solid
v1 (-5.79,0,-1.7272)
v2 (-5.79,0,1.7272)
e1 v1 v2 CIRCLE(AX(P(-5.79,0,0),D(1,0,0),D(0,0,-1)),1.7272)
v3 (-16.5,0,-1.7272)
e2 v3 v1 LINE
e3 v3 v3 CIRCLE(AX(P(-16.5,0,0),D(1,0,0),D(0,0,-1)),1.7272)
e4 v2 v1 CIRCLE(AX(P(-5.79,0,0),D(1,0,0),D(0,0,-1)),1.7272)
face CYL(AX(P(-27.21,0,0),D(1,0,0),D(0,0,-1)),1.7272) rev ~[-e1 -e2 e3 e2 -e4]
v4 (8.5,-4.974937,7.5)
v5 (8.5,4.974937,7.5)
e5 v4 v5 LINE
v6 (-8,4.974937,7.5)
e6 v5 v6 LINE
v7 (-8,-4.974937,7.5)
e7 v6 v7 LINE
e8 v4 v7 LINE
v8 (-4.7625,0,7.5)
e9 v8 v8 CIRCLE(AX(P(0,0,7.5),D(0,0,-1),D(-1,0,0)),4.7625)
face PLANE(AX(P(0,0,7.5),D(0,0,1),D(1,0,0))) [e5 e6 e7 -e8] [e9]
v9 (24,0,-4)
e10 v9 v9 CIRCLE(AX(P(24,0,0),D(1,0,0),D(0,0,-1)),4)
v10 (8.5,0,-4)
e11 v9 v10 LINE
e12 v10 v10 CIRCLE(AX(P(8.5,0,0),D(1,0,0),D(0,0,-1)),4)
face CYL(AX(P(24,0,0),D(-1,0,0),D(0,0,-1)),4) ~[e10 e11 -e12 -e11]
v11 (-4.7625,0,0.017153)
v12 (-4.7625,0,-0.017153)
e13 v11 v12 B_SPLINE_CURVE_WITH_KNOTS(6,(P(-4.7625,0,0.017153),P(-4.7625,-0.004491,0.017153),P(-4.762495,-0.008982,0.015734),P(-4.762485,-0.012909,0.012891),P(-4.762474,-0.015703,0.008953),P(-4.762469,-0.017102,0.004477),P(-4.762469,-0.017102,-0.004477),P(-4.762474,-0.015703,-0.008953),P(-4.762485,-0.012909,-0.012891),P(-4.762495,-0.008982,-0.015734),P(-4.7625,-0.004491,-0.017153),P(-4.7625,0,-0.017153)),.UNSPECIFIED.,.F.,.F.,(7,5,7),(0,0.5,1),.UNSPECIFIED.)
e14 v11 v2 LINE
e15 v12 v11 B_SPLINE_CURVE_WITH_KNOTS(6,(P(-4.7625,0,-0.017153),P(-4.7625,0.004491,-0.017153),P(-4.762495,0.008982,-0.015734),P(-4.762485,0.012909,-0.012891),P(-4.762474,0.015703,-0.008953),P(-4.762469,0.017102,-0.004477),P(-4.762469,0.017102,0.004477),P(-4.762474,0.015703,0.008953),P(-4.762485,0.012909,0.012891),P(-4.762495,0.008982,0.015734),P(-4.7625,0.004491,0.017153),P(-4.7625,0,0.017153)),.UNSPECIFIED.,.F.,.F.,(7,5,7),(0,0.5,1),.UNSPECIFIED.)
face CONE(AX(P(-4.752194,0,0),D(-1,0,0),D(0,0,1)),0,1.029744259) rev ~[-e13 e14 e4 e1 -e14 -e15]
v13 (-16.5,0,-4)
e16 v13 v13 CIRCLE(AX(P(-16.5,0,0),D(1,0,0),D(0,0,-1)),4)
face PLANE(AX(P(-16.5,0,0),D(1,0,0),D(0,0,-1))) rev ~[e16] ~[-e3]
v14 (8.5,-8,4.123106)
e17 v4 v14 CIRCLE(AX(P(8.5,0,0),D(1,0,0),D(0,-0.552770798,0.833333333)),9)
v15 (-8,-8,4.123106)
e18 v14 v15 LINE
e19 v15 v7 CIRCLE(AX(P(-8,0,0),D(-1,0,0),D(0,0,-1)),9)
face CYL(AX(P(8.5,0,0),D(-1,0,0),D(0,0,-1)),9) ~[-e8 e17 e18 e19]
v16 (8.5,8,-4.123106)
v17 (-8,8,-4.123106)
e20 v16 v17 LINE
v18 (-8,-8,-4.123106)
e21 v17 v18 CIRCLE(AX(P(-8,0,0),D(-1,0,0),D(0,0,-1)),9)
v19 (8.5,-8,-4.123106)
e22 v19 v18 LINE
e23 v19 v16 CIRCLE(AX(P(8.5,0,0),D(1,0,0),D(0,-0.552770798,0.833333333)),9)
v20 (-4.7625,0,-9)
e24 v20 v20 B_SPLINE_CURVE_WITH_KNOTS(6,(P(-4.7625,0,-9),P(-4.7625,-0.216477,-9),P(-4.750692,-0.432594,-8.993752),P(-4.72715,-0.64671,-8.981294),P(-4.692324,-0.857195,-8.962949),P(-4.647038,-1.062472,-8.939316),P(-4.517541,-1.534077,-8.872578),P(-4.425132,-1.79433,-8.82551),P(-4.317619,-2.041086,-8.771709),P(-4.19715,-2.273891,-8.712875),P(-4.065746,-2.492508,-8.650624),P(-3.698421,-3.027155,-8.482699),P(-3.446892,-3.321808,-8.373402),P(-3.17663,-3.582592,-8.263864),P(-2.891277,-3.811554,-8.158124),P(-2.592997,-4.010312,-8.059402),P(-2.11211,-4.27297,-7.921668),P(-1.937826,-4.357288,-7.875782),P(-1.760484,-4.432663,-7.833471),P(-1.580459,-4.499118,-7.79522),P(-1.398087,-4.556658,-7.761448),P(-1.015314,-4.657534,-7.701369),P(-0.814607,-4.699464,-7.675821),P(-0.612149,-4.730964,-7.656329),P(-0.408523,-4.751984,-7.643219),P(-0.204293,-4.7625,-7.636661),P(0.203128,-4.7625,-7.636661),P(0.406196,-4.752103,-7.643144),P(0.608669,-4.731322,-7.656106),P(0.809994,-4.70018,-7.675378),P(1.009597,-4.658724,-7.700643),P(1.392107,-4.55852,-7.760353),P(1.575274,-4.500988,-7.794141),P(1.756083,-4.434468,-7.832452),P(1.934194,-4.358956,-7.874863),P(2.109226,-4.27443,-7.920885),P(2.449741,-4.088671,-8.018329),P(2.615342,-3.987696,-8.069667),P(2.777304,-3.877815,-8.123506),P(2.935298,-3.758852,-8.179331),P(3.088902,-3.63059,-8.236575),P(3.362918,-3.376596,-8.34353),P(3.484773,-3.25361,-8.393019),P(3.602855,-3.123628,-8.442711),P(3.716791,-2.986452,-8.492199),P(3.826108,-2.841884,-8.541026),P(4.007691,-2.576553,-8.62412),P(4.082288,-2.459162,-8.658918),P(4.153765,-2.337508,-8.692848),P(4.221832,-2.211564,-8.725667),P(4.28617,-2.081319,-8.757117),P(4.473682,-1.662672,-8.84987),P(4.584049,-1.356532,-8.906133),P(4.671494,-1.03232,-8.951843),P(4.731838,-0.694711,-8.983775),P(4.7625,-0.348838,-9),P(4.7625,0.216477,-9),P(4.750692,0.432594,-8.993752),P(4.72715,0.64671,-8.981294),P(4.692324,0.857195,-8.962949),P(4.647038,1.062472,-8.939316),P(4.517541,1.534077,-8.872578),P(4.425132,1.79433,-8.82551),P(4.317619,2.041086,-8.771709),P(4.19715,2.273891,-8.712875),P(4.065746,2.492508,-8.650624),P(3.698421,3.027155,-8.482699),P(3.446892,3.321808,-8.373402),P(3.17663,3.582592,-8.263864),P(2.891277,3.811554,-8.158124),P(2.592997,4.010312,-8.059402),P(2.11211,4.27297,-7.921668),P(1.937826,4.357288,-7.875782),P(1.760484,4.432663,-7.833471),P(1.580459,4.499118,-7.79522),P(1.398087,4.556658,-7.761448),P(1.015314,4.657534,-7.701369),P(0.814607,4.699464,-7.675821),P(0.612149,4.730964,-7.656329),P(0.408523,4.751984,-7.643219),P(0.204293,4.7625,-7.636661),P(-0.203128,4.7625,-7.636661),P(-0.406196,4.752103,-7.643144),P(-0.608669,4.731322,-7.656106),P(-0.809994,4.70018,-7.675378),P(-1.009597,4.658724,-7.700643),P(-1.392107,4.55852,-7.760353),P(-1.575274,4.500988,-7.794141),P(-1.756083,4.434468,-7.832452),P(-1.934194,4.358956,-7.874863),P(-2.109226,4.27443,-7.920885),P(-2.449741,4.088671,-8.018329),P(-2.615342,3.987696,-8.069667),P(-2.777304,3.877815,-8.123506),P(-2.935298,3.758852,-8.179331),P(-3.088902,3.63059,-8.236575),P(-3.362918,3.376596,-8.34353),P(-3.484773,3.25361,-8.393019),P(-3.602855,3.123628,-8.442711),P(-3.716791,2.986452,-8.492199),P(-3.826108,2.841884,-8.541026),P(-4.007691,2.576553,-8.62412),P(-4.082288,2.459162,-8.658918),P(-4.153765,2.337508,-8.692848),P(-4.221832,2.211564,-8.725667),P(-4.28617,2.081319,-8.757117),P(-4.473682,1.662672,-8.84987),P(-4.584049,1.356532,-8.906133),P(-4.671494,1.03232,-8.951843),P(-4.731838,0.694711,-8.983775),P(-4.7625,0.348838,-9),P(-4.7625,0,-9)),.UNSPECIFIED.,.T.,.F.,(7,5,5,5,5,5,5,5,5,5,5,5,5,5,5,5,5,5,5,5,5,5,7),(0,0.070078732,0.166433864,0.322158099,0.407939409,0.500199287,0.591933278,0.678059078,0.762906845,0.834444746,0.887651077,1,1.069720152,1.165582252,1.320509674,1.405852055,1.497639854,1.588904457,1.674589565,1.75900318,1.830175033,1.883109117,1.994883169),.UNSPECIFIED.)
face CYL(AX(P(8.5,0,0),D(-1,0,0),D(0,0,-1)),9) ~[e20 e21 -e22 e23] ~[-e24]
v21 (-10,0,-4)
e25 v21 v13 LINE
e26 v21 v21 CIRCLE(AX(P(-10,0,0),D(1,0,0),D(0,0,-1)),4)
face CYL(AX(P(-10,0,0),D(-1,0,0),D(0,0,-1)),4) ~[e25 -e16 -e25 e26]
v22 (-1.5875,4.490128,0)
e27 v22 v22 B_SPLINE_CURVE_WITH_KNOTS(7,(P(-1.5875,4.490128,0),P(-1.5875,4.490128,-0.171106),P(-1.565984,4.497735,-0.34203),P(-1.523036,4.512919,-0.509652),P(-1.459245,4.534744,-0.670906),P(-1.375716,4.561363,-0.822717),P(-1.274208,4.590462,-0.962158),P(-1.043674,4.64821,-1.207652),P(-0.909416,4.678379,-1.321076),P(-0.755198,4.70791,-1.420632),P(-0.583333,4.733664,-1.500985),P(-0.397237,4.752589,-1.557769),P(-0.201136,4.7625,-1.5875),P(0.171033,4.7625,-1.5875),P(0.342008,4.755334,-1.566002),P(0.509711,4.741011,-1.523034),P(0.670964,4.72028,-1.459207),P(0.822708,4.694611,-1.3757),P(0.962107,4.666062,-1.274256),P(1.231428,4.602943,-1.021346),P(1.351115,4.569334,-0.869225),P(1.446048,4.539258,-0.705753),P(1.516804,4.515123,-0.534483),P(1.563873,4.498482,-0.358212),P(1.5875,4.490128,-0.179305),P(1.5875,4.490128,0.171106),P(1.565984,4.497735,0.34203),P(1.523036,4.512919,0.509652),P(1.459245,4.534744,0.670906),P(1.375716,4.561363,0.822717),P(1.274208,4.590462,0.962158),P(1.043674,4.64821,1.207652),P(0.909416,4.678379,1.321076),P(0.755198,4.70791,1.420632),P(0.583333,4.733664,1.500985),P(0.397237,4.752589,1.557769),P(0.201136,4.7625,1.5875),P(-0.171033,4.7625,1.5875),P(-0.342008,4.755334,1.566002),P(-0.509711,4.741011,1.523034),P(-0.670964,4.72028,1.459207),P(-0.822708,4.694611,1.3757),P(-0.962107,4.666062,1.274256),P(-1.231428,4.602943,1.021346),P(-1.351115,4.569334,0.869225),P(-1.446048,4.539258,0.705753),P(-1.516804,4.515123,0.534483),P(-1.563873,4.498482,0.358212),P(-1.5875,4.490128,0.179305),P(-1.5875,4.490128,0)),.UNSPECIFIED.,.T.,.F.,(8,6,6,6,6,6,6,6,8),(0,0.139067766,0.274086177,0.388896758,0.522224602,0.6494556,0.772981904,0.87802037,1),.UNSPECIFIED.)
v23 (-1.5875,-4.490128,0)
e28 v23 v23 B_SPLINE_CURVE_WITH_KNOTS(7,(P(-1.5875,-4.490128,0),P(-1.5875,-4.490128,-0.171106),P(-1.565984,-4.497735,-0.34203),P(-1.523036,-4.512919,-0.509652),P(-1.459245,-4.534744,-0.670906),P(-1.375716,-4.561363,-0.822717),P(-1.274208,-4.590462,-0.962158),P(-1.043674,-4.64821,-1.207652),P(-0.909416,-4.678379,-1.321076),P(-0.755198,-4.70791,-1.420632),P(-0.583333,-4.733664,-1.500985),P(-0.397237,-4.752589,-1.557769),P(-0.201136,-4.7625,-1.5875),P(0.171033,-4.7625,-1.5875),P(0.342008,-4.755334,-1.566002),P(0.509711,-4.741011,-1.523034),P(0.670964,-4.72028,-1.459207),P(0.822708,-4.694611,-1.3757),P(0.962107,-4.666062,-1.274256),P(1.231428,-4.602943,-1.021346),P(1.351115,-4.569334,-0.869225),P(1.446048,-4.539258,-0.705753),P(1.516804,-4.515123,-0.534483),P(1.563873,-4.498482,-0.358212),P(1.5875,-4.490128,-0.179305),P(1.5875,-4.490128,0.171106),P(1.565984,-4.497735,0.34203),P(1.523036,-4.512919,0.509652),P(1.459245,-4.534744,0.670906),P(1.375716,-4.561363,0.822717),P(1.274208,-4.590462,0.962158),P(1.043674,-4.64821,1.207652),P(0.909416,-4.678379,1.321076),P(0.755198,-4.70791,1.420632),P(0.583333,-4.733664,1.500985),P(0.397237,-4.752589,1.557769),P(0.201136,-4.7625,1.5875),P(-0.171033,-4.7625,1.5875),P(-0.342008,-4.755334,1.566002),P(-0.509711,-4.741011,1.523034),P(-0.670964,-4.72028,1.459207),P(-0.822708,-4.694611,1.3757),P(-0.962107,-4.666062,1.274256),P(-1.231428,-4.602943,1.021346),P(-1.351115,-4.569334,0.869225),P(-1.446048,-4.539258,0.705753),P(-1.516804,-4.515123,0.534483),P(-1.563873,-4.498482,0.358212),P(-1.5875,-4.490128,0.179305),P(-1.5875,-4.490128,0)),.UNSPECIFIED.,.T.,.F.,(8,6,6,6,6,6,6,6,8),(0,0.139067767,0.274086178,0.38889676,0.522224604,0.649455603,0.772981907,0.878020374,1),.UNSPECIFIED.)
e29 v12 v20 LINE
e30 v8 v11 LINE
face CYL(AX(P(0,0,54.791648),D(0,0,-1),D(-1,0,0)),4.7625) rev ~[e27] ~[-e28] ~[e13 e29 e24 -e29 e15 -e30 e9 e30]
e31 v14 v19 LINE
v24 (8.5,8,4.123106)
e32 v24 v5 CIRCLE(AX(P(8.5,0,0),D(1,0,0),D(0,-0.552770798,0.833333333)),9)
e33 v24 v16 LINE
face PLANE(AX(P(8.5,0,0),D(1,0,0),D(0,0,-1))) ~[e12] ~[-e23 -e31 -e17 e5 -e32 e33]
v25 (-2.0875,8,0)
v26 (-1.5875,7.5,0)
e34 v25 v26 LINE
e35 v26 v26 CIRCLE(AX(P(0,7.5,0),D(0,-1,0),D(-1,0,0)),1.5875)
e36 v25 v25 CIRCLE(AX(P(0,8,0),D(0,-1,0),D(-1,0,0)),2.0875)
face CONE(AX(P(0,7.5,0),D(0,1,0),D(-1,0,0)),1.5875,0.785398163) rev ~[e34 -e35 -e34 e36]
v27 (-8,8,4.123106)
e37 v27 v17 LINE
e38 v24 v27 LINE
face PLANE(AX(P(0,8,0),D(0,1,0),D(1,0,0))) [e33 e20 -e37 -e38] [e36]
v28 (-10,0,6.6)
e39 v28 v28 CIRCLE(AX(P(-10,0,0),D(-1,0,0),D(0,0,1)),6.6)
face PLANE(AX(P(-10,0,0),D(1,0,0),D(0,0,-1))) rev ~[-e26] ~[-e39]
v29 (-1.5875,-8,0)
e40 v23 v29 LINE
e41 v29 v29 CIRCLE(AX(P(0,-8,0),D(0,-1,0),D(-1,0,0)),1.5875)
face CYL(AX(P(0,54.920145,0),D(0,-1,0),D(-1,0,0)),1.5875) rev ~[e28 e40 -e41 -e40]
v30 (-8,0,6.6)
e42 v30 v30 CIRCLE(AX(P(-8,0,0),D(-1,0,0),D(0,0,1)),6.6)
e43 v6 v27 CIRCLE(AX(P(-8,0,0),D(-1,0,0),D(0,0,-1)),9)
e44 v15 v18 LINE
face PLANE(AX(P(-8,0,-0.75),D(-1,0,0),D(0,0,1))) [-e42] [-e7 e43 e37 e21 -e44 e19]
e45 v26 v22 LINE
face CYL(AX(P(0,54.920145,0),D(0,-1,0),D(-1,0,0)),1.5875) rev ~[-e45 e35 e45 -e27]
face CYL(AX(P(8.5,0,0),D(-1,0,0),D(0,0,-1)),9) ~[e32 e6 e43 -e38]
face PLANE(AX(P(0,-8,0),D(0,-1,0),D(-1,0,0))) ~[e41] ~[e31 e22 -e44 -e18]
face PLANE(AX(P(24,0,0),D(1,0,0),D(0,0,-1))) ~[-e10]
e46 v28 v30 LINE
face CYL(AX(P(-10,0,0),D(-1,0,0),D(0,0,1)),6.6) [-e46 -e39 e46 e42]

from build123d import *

# Parameters (mm, degrees)
SKETCH2_W                  = 20
SKETCH2_H                  = 12.7
CUT_EXTRUDE1_DEPTH         = 1.5
F_8_32_TAPPED_HOLE1_D      = 3.4544
F_8_32_TAPPED_HOLE1_DEPTH  = 10.71
F_8_32_TAPPED_HOLE1_TIP    = 1.037806461
SKETCH7_OUTSIDE_W          = 27.958
SKETCH7_OUTSIDE_H          = 29.458
SKETCH7_OUTSIDE_R          = 6.6
CUT_EXTRUDE2_DEPTH         = 2
F_3_8_0_3750_DOWEL_HOLE2_D = 9.525
CUT_EXTRUDE4_START         = 9
SKETCH11_W                 = 18
SKETCH11_H                 = 20
CUT_EXTRUDE4_DEPTH         = 1
F_1_8_0_1250_DOWEL_HOLE1_D = 3.175
CHAMFER1_SIZE              = 0.5


with BuildPart() as part:
    # Sketch1 → Revolve1 (revolve)
    with BuildSketch(Plane(origin=(0, 0, 0), x_dir=(1, 0, 0), z_dir=(0, 1, 0))):
        Polygon((-16.5, 0), (24, 0), (24, 4), (8.5, 4), (8.5, 9), (-10, 9), (-10, 4), (-16.5, 4), align=None)
    revolve(axis=Axis((-16.5, 0, 0), (1, 0, 0)))

    # Sketch2 → Cut-Extrude1 (cut)
    with BuildSketch(Plane.XY.offset(9)):
        Rectangle(SKETCH2_W, SKETCH2_H)
    extrude(amount=-CUT_EXTRUDE1_DEPTH, mode=Mode.SUBTRACT)

    # #8-32 Tapped Hole1
    with Locations(Plane.ZY.offset(16.5)):
        with Locations((0, 0)):
            Hole(F_8_32_TAPPED_HOLE1_D / 2, depth=F_8_32_TAPPED_HOLE1_DEPTH)
            with Locations((0, 0, -(F_8_32_TAPPED_HOLE1_DEPTH + F_8_32_TAPPED_HOLE1_TIP / 2))):  # 118° drill point
                Cone(0, F_8_32_TAPPED_HOLE1_D / 2, F_8_32_TAPPED_HOLE1_TIP, mode=Mode.SUBTRACT)

    # Sketch7 outside → Cut-Extrude2 (cut)
    with BuildSketch(Plane.ZY.offset(10)):
        with Locations((-0.75, 0)):
            Rectangle(SKETCH7_OUTSIDE_W, SKETCH7_OUTSIDE_H)
        Circle(SKETCH7_OUTSIDE_R, mode=Mode.SUBTRACT)
    extrude(amount=-CUT_EXTRUDE2_DEPTH, mode=Mode.SUBTRACT)

    # 3/8 (0.3750) Dowel Hole2 (through all)
    with Locations(Plane.XY.offset(7.5)):
        with Locations((0, 0)):
            Hole(F_3_8_0_3750_DOWEL_HOLE2_D / 2)

    # Sketch11 → Cut-Extrude4 (cut)
    with BuildSketch(Plane(origin=(0, 0, 0), x_dir=(1, 0, 0), z_dir=(0, 1, 0)).offset(CUT_EXTRUDE4_START)):
        Rectangle(SKETCH11_W, SKETCH11_H)
    cut_extrude4 = extrude(amount=-CUT_EXTRUDE4_DEPTH, mode=Mode.SUBTRACT)

    # 1/8 (0.1250) Dowel Hole1 (through all)
    with Locations(Plane(origin=(0, 8, 0), x_dir=(1, 0, 0), z_dir=(0, 1, 0))):
        with Locations((0, 0)):
            Hole(F_1_8_0_1250_DOWEL_HOLE1_D / 2)

    # Mirror1: Cut-Extrude4 across plane
    add(cut_extrude4.mirror(Plane.ZX), mode=Mode.SUBTRACT)

    # Chamfer1
    chamfer1_edges = [part.edges().sort_by_distance(p)[0] for p in [
        (1.5875, 8, 0),
    ]]
    chamfer(chamfer1_edges, length=CHAMFER1_SIZE)


solid = part.part
